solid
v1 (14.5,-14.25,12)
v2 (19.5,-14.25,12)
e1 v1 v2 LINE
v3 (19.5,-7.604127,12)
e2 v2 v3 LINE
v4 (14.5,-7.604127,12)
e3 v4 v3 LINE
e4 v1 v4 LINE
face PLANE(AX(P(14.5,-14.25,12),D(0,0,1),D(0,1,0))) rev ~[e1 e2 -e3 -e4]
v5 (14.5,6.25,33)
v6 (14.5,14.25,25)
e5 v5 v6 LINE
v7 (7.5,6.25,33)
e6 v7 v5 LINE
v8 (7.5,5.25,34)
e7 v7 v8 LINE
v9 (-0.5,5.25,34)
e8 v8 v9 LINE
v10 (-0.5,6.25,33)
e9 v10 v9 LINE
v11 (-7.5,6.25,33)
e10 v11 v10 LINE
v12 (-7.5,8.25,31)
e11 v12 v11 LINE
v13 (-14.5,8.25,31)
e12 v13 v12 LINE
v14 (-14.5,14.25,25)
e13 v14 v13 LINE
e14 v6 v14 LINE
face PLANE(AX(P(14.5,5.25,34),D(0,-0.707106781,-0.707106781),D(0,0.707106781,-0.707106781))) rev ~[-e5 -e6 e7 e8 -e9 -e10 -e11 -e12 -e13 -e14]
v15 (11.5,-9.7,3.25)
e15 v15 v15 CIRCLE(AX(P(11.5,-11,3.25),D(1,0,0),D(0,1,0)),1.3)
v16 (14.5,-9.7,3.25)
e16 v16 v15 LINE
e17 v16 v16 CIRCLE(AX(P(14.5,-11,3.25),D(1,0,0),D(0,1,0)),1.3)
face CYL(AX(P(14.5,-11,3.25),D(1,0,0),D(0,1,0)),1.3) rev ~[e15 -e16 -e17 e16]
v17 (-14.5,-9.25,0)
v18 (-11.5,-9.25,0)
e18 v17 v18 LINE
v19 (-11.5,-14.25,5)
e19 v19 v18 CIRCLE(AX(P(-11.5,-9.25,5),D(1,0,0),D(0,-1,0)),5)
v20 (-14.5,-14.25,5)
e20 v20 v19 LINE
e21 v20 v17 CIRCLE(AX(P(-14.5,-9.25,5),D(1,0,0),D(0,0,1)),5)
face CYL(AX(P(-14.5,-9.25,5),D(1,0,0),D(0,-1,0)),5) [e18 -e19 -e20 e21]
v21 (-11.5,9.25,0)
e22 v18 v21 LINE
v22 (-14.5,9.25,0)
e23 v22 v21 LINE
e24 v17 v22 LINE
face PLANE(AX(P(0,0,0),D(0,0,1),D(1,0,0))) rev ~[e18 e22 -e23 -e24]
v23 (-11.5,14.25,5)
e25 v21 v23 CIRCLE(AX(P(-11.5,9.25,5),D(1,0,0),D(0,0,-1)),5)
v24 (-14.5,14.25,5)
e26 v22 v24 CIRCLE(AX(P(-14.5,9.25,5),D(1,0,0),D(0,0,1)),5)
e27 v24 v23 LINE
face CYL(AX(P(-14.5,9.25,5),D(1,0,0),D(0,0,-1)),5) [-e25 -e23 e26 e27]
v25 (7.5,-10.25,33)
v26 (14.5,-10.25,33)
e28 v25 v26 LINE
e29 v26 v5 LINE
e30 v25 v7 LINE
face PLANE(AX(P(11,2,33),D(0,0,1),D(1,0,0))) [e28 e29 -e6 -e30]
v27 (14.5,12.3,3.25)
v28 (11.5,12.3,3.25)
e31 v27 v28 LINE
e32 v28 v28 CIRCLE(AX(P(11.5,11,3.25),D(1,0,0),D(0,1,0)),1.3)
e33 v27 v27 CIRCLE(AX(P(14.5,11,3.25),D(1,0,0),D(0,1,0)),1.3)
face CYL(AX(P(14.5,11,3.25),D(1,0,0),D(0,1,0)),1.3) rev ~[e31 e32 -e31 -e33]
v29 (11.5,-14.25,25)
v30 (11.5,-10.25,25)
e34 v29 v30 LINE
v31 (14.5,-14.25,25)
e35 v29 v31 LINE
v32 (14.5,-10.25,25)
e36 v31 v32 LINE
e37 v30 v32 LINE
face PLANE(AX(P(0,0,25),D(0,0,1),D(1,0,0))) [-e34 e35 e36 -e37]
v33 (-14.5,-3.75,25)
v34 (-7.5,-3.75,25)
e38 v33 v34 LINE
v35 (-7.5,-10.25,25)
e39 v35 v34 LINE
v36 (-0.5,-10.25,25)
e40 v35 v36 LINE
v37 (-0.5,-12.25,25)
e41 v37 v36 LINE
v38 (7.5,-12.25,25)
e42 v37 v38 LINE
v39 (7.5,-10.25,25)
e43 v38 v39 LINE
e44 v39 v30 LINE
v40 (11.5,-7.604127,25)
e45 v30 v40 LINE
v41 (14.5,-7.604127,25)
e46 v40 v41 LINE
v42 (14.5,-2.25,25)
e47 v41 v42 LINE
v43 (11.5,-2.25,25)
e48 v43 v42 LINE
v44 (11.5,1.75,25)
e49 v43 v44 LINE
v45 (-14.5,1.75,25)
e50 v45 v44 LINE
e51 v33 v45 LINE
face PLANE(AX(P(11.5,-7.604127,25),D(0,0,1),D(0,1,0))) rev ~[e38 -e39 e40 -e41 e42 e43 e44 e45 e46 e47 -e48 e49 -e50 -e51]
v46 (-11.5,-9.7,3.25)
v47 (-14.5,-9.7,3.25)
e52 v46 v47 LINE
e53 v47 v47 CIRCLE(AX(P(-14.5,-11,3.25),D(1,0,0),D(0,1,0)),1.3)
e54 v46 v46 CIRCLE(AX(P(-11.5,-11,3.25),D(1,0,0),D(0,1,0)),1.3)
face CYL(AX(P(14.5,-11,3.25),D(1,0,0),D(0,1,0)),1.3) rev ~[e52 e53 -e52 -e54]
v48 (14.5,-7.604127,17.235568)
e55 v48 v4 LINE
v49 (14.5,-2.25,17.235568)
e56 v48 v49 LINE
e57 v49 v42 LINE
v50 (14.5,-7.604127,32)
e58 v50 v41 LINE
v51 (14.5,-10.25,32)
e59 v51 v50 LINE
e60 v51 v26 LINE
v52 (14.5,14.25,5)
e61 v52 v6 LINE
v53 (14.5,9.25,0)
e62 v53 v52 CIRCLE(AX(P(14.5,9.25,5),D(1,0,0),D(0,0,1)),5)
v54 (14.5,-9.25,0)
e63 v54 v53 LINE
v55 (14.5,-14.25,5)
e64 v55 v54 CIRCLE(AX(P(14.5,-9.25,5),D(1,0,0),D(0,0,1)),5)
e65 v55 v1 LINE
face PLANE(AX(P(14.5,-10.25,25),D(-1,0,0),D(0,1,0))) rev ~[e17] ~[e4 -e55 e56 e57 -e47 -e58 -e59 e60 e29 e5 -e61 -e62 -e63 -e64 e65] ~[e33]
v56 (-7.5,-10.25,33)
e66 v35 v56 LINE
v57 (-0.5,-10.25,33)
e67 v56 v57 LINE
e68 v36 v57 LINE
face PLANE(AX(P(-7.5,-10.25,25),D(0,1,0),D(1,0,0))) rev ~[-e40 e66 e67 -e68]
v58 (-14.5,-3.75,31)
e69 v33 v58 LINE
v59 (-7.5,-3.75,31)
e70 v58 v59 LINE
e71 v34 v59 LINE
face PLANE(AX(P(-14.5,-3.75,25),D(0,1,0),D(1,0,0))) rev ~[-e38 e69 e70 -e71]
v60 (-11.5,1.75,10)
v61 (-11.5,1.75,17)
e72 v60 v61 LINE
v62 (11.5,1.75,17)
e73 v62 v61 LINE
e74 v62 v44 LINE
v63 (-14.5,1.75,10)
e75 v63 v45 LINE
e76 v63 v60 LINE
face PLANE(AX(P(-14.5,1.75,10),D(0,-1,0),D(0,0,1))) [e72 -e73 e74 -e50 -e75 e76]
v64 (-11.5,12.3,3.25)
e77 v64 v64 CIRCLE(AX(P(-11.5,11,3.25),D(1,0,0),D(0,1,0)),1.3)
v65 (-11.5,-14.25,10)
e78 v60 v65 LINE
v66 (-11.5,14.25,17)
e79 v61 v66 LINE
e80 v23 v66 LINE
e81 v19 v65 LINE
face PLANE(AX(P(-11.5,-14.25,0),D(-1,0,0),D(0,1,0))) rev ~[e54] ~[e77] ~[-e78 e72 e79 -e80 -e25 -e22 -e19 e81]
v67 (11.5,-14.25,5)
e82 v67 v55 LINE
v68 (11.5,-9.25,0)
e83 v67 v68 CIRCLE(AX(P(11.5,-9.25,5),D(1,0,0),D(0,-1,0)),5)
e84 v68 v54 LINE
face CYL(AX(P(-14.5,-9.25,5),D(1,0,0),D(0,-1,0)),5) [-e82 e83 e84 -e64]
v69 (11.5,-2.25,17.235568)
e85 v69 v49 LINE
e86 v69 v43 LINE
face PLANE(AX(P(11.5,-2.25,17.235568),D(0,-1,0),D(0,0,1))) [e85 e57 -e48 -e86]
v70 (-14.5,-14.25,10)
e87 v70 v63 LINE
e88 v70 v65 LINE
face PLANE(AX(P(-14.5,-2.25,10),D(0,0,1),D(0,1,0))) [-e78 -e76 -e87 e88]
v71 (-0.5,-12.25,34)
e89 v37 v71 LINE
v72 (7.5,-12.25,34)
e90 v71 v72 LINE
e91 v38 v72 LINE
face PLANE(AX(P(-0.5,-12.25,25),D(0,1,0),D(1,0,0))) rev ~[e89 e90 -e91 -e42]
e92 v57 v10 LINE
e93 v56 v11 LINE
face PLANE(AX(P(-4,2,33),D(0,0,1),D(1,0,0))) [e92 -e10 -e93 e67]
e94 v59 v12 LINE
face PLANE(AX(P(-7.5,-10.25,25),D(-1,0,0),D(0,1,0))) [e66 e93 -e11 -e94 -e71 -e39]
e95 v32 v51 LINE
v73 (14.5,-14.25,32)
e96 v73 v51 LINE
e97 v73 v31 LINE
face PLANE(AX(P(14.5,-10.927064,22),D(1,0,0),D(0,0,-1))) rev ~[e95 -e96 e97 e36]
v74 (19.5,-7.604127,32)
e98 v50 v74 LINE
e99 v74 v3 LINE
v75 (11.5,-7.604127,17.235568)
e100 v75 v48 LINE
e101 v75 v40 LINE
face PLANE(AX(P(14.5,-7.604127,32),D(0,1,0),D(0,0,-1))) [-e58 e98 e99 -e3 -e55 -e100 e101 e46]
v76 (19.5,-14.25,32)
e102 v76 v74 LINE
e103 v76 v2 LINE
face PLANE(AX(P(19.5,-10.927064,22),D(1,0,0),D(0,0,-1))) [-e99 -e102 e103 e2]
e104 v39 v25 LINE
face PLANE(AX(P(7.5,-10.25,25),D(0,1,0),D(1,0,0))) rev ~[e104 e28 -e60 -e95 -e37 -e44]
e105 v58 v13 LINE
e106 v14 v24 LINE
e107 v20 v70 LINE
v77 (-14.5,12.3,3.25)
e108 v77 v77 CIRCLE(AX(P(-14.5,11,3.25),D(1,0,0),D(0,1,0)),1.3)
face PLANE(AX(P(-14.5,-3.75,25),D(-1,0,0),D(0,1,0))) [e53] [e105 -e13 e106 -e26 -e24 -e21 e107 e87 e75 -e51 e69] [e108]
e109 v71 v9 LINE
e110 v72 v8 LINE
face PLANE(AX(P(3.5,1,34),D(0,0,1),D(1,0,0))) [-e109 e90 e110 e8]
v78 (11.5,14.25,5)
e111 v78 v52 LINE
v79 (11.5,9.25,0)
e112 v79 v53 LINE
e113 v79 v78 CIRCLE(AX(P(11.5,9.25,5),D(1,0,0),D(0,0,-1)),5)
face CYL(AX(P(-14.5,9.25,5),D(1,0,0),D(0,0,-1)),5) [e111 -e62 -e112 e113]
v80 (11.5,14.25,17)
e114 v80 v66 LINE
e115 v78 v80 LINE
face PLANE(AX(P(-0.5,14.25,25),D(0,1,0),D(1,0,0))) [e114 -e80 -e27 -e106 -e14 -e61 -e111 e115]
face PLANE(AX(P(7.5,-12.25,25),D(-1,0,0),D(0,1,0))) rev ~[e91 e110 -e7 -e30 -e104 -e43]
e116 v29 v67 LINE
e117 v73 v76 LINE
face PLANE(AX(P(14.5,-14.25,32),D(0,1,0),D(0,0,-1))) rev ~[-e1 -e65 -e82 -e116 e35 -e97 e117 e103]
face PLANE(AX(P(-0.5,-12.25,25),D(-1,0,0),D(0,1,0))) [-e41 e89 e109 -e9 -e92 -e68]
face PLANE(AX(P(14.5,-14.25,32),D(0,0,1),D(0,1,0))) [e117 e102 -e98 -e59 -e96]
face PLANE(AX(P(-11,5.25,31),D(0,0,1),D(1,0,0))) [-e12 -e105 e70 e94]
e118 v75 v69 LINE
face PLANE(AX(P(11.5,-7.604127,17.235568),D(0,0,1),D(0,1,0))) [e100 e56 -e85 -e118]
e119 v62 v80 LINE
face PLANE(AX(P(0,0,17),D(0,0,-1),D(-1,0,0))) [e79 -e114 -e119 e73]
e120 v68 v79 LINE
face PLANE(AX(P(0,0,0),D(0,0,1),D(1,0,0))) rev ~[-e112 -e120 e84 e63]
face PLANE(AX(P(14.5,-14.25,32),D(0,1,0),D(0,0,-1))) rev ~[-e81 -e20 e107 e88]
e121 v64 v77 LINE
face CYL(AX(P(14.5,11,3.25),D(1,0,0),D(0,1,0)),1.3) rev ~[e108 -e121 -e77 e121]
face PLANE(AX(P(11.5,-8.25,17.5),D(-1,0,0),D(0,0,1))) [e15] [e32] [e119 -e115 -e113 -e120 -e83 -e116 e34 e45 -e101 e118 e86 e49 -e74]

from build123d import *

# Parameters (mm, degrees)
SKETCH1_W           = 29
SKETCH1_H           = 28.5
BOSS_EXTRUDE1_DEPTH = 25
SKETCH2_R           = 1.3
CUT_EXTRUDE1_DEPTH  = 41.854161355
FILLET1_R           = 5
SKETCH3_W           = 23
SKETCH3_H           = 28.5
CUT_EXTRUDE2_DEPTH  = 17
SKETCH5_W           = 7
SKETCH5_H           = 18
BOSS_EXTRUDE2_DEPTH = 6
SKETCH6_W           = 7
SKETCH6_H           = 24.5
BOSS_EXTRUDE3_DEPTH = 8
SKETCH8_W           = 8
SKETCH8_H           = 26.5
BOSS_EXTRUDE4_DEPTH = 9
SKETCH9_W           = 7
SKETCH9_H           = 24.5
BOSS_EXTRUDE5_DEPTH = 8
CUT_EXTRUDE5_DEPTH  = 31
SKETCH11_W          = 20
SKETCH11_H          = 6.645872657
BOSS_EXTRUDE6_DEPTH = 5
SKETCH14_W          = 15
SKETCH14_H          = 12
CUT_EXTRUDE8_DEPTH  = 26
SKETCH15_W          = 7.764432238
SKETCH15_H          = 5.354127343
CUT_EXTRUDE9_DEPTH  = 25
SKETCH16_W          = 15
SKETCH16_H          = 4
CUT_EXTRUDE11_DEPTH = 26


with BuildPart() as part:
    # Sketch1 → Boss-Extrude1 (new body)
    with BuildSketch(Plane.XY):
        Rectangle(SKETCH1_W, SKETCH1_H)
    extrude(amount=BOSS_EXTRUDE1_DEPTH)

    # Sketch2 → Cut-Extrude1 (cut, through all)
    with BuildSketch(Plane(origin=(14.5, 0, 0), x_dir=(0, 0, -1), z_dir=(1, 0, 0))):
        with Locations(Location((-3.25, 11, 0), (0, 0, 90))):
            Circle(SKETCH2_R)
        with Locations(Location((-3.25, -11, 0), (0, 0, 90))):
            Circle(SKETCH2_R)
    extrude(amount=-CUT_EXTRUDE1_DEPTH, mode=Mode.SUBTRACT)

    # Fillet1
    fillet1_edges = [part.edges().sort_by_distance(p)[0] for p in [
        (0, -14.25, 0),
        (0, 14.25, 0),
    ]]
    fillet(fillet1_edges, radius=FILLET1_R)

    # Sketch3 → Cut-Extrude2 (cut)
    with BuildSketch(Plane(origin=(0, 0, 0), x_dir=(-1, 0, 0), z_dir=(0, 0, -1))):
        Rectangle(SKETCH3_W, SKETCH3_H)
    extrude(amount=-CUT_EXTRUDE2_DEPTH, mode=Mode.SUBTRACT)

    # Sketch5 → Boss-Extrude2 (add)
    with BuildSketch(Plane.XY.offset(25)):
        with Locations((-11, 5.25)):
            Rectangle(SKETCH5_W, SKETCH5_H)
    extrude(amount=BOSS_EXTRUDE2_DEPTH)

    # Sketch6 → Boss-Extrude3 (add)
    with BuildSketch(Plane.XY.offset(25)):
        with Locations((-4, 2)):
            Rectangle(SKETCH6_W, SKETCH6_H)
    extrude(amount=BOSS_EXTRUDE3_DEPTH)

    # Sketch8 → Boss-Extrude4 (add)
    with BuildSketch(Plane.XY.offset(25)):
        with Locations((3.5, 1)):
            Rectangle(SKETCH8_W, SKETCH8_H)
    extrude(amount=BOSS_EXTRUDE4_DEPTH)

    # Sketch9 → Boss-Extrude5 (add)
    with BuildSketch(Plane.XY.offset(25)):
        with Locations((11, 2)):
            Rectangle(SKETCH9_W, SKETCH9_H)
    extrude(amount=BOSS_EXTRUDE5_DEPTH)

    # Sketch10 → Cut-Extrude5 (cut)
    with BuildSketch(Plane(origin=(14.5, 0, 0), x_dir=(0, 0, -1), z_dir=(1, 0, 0))):
        Polygon((-33, 6.25), (-25, 14.25), (-33, 14.25), align=None)
        Polygon((-34, 5.25), (-33, 6.25), (-33, 14.25), (-34, 14.25), align=None)
    extrude(amount=-CUT_EXTRUDE5_DEPTH, mode=Mode.SUBTRACT)

    # Sketch11 → Boss-Extrude6 (add)
    with BuildSketch(Plane(origin=(14.5, 0, 0), x_dir=(0, 0, -1), z_dir=(1, 0, 0))):
        with Locations((-22, -10.927063672)):
            Rectangle(SKETCH11_W, SKETCH11_H)
    extrude(amount=BOSS_EXTRUDE6_DEPTH)

    # Sketch14 → Cut-Extrude8 (cut)
    with BuildSketch(Plane.ZY.offset(14.5)):
        with Locations((17.5, -8.25)):
            Rectangle(SKETCH14_W, SKETCH14_H)
    extrude(amount=-CUT_EXTRUDE8_DEPTH, mode=Mode.SUBTRACT)

    # Sketch15 → Cut-Extrude9 (cut)
    with BuildSketch(Plane.ZY.offset(-11.5)):
        with Locations((21.117783881, -4.927063672)):
            Rectangle(SKETCH15_W, SKETCH15_H)
    extrude(amount=-CUT_EXTRUDE9_DEPTH, mode=Mode.SUBTRACT)

    # Sketch16 → Cut-Extrude11 (cut)
    with BuildSketch(Plane.ZY.offset(14.5)):
        with Locations((17.5, -0.25)):
            Rectangle(SKETCH16_W, SKETCH16_H)
    extrude(amount=-CUT_EXTRUDE11_DEPTH, mode=Mode.SUBTRACT)


solid = part.part
